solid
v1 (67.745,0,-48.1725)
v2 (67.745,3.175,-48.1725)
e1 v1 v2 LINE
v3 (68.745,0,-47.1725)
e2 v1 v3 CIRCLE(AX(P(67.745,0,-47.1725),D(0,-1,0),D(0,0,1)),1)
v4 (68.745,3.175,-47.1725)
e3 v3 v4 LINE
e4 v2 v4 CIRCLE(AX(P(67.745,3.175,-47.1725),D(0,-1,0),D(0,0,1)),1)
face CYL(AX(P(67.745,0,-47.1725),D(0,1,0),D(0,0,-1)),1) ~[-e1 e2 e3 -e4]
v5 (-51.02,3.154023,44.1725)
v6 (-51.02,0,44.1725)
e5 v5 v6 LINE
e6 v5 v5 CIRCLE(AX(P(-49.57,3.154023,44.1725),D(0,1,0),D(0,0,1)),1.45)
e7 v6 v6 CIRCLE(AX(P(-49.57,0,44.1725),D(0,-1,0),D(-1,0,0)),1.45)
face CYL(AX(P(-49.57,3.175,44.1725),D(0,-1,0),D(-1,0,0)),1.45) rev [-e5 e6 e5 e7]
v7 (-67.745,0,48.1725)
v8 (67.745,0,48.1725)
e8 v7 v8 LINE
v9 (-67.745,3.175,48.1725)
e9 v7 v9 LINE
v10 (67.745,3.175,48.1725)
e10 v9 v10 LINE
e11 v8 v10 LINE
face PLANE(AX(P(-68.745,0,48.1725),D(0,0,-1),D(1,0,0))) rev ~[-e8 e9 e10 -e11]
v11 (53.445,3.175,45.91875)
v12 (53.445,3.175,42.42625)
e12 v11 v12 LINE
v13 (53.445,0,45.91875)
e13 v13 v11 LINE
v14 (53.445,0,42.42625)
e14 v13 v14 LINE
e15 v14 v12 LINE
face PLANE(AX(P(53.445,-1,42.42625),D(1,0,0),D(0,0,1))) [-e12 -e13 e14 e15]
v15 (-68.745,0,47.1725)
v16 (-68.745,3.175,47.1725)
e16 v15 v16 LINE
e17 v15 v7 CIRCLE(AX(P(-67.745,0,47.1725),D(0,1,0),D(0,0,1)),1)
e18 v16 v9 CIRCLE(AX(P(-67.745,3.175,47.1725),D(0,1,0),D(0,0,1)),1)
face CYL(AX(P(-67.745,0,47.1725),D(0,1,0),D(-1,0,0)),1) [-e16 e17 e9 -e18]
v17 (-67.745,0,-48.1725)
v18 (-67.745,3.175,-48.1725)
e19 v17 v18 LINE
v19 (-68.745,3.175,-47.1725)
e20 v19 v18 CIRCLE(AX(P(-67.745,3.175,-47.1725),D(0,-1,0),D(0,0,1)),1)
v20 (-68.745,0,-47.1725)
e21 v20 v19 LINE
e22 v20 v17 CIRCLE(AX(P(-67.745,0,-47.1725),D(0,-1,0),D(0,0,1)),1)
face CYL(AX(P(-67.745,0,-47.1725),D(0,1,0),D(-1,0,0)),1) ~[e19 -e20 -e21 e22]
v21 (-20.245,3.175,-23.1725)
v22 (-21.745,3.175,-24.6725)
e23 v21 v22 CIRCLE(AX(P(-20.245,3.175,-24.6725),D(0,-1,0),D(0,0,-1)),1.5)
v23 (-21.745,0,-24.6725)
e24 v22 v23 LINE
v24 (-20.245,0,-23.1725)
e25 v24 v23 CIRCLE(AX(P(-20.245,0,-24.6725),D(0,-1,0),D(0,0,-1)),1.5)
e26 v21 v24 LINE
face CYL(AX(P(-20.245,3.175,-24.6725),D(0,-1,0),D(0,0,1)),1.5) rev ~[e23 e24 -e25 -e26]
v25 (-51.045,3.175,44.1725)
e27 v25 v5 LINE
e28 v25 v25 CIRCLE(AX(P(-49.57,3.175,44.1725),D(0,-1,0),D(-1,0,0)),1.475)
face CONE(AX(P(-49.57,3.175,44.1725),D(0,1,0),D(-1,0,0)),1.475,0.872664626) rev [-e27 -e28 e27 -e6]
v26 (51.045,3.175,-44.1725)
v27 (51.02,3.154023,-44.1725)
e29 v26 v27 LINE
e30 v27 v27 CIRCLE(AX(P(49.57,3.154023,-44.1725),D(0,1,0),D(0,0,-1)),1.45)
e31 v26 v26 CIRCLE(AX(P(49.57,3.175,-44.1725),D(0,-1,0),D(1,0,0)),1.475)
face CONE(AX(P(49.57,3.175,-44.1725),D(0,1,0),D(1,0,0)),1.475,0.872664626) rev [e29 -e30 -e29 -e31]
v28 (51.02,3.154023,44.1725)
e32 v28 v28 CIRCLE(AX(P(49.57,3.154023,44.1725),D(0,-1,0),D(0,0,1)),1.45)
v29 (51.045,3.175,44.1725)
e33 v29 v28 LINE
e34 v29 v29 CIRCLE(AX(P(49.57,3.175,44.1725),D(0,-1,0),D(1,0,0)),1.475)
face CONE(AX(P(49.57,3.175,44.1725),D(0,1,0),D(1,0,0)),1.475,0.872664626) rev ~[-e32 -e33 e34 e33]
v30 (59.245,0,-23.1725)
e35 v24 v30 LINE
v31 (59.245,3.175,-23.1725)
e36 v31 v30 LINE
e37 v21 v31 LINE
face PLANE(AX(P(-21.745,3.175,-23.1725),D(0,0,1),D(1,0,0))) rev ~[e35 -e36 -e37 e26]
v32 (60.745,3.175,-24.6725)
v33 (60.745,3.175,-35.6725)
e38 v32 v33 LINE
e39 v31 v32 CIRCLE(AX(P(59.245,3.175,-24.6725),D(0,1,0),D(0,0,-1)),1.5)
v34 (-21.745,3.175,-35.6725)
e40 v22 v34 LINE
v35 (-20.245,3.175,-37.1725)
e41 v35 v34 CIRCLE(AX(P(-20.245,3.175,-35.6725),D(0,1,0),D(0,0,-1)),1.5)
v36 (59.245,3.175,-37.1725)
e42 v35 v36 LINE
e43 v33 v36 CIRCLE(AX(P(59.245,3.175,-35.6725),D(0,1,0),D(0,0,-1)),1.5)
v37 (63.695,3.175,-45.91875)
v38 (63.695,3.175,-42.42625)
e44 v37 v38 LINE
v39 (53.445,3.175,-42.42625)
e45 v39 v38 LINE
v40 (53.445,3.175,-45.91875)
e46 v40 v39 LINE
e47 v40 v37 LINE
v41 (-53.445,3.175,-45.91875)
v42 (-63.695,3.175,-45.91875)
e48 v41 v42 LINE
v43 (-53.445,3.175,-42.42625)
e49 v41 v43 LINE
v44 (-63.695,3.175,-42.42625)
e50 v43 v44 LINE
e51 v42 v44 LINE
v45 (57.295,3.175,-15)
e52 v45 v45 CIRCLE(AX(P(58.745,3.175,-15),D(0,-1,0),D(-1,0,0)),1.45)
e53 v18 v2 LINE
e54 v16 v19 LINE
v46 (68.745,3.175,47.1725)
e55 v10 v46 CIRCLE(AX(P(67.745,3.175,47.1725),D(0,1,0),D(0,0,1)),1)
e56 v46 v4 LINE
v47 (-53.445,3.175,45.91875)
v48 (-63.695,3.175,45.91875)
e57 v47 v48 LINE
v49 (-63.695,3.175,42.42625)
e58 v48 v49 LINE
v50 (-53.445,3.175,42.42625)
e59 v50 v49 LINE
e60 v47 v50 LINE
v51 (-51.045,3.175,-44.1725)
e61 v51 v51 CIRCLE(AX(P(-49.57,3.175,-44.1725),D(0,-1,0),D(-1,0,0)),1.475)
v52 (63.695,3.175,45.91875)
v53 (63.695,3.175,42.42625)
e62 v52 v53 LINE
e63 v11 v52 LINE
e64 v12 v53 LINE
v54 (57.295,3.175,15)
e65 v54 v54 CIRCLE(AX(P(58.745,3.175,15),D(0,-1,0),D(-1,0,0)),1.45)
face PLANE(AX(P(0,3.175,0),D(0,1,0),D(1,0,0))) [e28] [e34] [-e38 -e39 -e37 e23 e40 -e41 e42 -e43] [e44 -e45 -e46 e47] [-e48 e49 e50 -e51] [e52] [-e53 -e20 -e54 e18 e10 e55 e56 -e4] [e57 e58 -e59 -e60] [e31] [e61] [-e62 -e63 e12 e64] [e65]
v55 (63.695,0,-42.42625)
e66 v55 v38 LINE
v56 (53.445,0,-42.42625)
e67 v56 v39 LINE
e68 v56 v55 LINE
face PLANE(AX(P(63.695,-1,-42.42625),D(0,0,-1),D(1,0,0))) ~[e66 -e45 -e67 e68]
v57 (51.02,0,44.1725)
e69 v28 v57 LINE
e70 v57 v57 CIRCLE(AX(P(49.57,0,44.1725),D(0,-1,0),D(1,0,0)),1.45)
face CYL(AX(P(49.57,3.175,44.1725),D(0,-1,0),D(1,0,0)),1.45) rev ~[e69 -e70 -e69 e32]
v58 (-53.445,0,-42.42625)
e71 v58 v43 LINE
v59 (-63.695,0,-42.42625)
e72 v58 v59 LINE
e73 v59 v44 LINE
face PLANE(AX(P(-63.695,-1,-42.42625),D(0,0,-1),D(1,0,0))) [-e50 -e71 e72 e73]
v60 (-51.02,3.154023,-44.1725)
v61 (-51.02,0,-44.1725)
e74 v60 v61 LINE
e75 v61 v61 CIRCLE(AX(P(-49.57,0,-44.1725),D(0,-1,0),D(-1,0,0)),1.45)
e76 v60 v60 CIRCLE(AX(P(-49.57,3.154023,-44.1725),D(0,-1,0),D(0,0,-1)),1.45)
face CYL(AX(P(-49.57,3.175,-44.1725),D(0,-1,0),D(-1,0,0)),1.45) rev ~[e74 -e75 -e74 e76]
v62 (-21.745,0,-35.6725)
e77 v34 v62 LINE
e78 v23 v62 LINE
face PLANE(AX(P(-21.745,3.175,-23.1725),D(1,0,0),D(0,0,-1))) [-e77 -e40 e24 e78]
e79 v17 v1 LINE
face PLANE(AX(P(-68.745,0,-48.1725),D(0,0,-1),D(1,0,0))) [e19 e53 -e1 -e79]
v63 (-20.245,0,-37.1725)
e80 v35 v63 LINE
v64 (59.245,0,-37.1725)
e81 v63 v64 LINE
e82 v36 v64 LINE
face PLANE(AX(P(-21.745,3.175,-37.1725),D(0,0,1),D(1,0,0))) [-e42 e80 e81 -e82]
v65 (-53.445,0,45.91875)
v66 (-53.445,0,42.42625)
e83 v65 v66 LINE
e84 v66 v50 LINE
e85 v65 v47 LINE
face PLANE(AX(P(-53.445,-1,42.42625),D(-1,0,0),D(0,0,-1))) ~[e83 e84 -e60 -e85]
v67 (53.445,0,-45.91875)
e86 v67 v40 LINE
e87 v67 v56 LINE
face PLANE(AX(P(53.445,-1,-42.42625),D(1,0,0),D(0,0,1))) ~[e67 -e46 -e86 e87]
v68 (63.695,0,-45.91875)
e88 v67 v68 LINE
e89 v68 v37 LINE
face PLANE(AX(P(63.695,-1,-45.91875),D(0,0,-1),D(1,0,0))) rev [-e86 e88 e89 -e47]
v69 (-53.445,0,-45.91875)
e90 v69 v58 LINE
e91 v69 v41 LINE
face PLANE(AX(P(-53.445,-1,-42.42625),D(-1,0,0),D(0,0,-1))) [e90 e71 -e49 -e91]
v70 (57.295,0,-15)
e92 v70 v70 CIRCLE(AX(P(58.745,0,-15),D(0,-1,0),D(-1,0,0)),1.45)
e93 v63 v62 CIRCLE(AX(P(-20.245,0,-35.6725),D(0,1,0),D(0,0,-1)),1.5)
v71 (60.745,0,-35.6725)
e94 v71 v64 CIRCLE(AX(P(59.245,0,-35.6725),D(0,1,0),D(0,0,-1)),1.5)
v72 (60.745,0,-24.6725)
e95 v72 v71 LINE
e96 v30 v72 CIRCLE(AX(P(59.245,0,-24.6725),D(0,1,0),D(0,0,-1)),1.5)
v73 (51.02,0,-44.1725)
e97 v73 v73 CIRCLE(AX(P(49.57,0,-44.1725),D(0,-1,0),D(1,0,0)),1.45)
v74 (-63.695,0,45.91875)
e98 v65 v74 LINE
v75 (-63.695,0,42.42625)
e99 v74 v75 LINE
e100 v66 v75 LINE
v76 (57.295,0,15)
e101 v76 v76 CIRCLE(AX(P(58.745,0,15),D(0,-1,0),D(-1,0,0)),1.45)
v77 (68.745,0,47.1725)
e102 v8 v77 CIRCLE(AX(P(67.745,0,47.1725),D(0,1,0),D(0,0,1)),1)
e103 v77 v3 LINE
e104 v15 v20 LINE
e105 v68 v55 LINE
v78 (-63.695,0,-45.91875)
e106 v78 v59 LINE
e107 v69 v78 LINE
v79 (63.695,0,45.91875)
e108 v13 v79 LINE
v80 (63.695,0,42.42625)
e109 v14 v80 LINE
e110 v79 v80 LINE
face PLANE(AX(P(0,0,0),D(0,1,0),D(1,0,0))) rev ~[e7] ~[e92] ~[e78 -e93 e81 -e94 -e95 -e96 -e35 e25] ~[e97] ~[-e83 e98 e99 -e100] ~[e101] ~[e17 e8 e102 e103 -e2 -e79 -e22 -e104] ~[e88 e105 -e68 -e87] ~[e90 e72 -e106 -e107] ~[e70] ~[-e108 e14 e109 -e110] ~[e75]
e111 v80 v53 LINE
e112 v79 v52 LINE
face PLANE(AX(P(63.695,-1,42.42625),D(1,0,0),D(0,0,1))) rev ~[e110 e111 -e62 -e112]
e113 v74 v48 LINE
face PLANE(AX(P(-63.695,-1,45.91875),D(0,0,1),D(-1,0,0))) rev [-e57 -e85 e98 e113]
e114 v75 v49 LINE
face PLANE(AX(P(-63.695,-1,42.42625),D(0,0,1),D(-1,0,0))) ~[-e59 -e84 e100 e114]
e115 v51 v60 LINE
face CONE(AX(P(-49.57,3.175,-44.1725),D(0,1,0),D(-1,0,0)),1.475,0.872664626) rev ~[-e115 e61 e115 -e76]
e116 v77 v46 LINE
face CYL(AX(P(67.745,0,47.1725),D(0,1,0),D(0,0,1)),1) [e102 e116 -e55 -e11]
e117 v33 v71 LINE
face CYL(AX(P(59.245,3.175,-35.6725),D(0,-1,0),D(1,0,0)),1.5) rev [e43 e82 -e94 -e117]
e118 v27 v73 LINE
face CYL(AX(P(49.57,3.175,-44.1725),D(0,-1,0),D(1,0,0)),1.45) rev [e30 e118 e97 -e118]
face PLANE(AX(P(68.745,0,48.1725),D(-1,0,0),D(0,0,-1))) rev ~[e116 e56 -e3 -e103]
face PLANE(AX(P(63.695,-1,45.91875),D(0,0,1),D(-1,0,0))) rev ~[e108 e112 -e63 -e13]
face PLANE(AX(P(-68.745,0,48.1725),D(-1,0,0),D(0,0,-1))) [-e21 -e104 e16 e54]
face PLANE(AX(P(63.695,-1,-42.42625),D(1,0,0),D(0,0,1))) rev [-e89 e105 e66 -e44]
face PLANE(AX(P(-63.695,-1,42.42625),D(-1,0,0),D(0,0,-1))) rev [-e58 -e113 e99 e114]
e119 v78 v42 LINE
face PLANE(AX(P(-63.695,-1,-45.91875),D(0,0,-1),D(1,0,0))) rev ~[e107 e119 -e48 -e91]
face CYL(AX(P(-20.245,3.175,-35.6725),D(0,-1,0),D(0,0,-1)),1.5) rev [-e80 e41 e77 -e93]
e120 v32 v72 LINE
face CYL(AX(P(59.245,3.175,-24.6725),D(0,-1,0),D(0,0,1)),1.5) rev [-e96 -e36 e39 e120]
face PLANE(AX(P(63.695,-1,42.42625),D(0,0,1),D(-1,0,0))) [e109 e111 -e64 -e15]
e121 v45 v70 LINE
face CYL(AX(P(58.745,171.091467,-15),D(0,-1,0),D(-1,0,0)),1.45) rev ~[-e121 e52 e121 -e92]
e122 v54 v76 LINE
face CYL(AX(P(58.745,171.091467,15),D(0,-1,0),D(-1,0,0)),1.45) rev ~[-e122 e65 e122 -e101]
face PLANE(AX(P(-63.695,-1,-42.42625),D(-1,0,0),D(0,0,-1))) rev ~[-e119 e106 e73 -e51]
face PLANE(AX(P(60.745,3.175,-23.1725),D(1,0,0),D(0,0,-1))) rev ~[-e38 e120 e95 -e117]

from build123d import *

# Parameters (mm, degrees)
SKETCH1_W                                      = 137.49
SKETCH1_H                                      = 96.345
SKETCH1_R                                      = 2.5
SKETCH1_W_2                                    = 10.25
SKETCH1_H_2                                    = 3.4925
BOSS_EXTRUDE1_DEPTH                            = 3.175
CUT_EXTRUDE1_START                             = -1
SKETCH1_3_W                                    = 10.25
SKETCH1_3_H                                    = 3.4925
CUT_EXTRUDE1_DEPTH                             = 5.175
M2_5_CLEARANCE_HOLE1_D                         = 2.9
M2_5_CLEARANCE_HOLE1_CSINK_D                   = 2.95
M2_5_CLEARANCE_HOLE1_CSINK_ANGLE               = 100
MIRROR1_START                                  = -1
MIRROR1_AT_THE_SECOND_PLANE_COPY_1_SKETC_W     = 10.25
MIRROR1_AT_THE_SECOND_PLANE_COPY_1_SKETC_H     = 3.4925
MIRROR1_AT_THE_SECOND_PLANE_COPY_1_DEPTH       = 5.175
MIRROR1_AT_THE_SECOND_PLANE_COPY_2_D           = 2.9
MIRROR1_AT_THE_SECOND_PLANE_COPY_2_CSINK_D     = 2.95
MIRROR1_AT_THE_SECOND_PLANE_COPY_2_CSINK_ANGLE = 100
SKETCH4_W                                      = 82.49
SKETCH4_H                                      = 14
CUT_EXTRUDE2_DEPTH                             = 1
CUT_EXTRUDE2_DEPTH_BACK                        = 4.175
FILLET1_R                                      = 1.5
FILLET2_R                                      = 1
M2_5_CLEARANCE_HOLE2_D                         = 2.9


with BuildPart() as part:
    # Sketch1 → Boss-Extrude1 (new body)
    with BuildSketch(Plane(origin=(0, 0, 0), x_dir=(1, 0, 0), z_dir=(0, 1, 0))):
        Rectangle(SKETCH1_W, SKETCH1_H)
        with Locations((-49.57, 44.1725)):
            Circle(SKETCH1_R, mode=Mode.SUBTRACT)
        with Locations((-58.57, 44.1725)):
            Rectangle(SKETCH1_W_2, SKETCH1_H_2, mode=Mode.SUBTRACT)
        with Locations((-58.57, 44.1725)):
            Rectangle(SKETCH1_W_2, SKETCH1_H_2)
        with Locations((-49.57, 44.1725)):
            Circle(SKETCH1_R)
    extrude(amount=BOSS_EXTRUDE1_DEPTH)

    # Sketch1<3> → Cut-Extrude1 (cut)
    with BuildSketch(Plane(origin=(0, 0, 0), x_dir=(1, 0, 0), z_dir=(0, 1, 0)).offset(CUT_EXTRUDE1_START)):
        with Locations((-58.57, 44.1725)):
            Rectangle(SKETCH1_3_W, SKETCH1_3_H)
    cut_extrude1 = extrude(amount=CUT_EXTRUDE1_DEPTH, mode=Mode.SUBTRACT)

    # M2.5 Clearance Hole1 (through all)
    with Locations(Plane(origin=(0, 3.175, 0), x_dir=(1, 0, 0), z_dir=(0, 1, 0))):
        with Locations((-49.57, 44.1725)):
            m2_5_clearance_hole1 = CounterSinkHole(M2_5_CLEARANCE_HOLE1_D / 2, M2_5_CLEARANCE_HOLE1_CSINK_D / 2, counter_sink_angle=M2_5_CLEARANCE_HOLE1_CSINK_ANGLE)

    # Mirror1: Cut-Extrude1, M2.5 Clearance Hole1 across plane
    add(cut_extrude1.mirror(Plane(origin=(0, 0, 0), x_dir=(0, 0, 1), z_dir=(1, 0, 0))), mode=Mode.SUBTRACT)
    add(m2_5_clearance_hole1.mirror(Plane(origin=(0, 0, 0), x_dir=(0, 0, 1), z_dir=(1, 0, 0))), mode=Mode.SUBTRACT)

    # Mirror1 at the second plane: M2.5 Clearance Hole1, Cut-Extrude1 across plane
    add(m2_5_clearance_hole1.mirror(Plane.XY), mode=Mode.SUBTRACT)
    add(cut_extrude1.mirror(Plane.XY), mode=Mode.SUBTRACT)

    # Mirror1 at the second plane copy 1 sketc → Mirror1 at the second plane copy 1 (cut)
    with BuildSketch(Plane(origin=(0, 0, 0), x_dir=(-1, 0, 0), z_dir=(0, 1, 0)).offset(MIRROR1_START)):
        with Locations((-58.57, 44.1725)):
            Rectangle(MIRROR1_AT_THE_SECOND_PLANE_COPY_1_SKETC_W, MIRROR1_AT_THE_SECOND_PLANE_COPY_1_SKETC_H)
    extrude(amount=MIRROR1_AT_THE_SECOND_PLANE_COPY_1_DEPTH, mode=Mode.SUBTRACT)

    # Mirror1 at the second plane copy 2 (through all)
    with Locations(Plane(origin=(0, 3.175, 0), x_dir=(-1, 0, 0), z_dir=(0, 1, 0))):
        with Locations((-49.57, 44.1725)):
            CounterSinkHole(MIRROR1_AT_THE_SECOND_PLANE_COPY_2_D / 2, MIRROR1_AT_THE_SECOND_PLANE_COPY_2_CSINK_D / 2, counter_sink_angle=MIRROR1_AT_THE_SECOND_PLANE_COPY_2_CSINK_ANGLE)

    # Sketch4 → Cut-Extrude2 (cut, two sides)
    with BuildSketch(Plane(origin=(0, 3.175, 0), x_dir=(1, 0, 0), z_dir=(0, 1, 0))) as cut_extrude2_sk:
        with Locations((19.5, 30.1725)):
            Rectangle(SKETCH4_W, SKETCH4_H)
    extrude(amount=CUT_EXTRUDE2_DEPTH, mode=Mode.SUBTRACT)
    extrude(cut_extrude2_sk.sketch, amount=-CUT_EXTRUDE2_DEPTH_BACK, mode=Mode.SUBTRACT)

    # Fillet1
    fillet1_edges = [part.edges().sort_by_distance(p)[0] for p in [
        (-21.745, 1.5875, -23.1725),
        (-21.745, 1.5875, -37.1725),
        (60.745, 1.5875, -37.1725),
        (60.745, 1.5875, -23.1725),
    ]]
    fillet(fillet1_edges, radius=FILLET1_R)

    # Fillet2
    fillet2_edges = [part.edges().sort_by_distance(p)[0] for p in [
        (-68.745, 1.5875, 48.1725),
        (-68.745, 1.5875, -48.1725),
        (68.745, 1.5875, -48.1725),
        (68.745, 1.5875, 48.1725),
    ]]
    fillet(fillet2_edges, radius=FILLET2_R)

    # M2.5 Clearance Hole2 (through all)
    with Locations(Plane(origin=(0, 3.175, 0), x_dir=(1, 0, 0), z_dir=(0, 1, 0))):
        with Locations((58.745, 15), (58.745, -15)):
            Hole(M2_5_CLEARANCE_HOLE2_D / 2)


solid = part.part
